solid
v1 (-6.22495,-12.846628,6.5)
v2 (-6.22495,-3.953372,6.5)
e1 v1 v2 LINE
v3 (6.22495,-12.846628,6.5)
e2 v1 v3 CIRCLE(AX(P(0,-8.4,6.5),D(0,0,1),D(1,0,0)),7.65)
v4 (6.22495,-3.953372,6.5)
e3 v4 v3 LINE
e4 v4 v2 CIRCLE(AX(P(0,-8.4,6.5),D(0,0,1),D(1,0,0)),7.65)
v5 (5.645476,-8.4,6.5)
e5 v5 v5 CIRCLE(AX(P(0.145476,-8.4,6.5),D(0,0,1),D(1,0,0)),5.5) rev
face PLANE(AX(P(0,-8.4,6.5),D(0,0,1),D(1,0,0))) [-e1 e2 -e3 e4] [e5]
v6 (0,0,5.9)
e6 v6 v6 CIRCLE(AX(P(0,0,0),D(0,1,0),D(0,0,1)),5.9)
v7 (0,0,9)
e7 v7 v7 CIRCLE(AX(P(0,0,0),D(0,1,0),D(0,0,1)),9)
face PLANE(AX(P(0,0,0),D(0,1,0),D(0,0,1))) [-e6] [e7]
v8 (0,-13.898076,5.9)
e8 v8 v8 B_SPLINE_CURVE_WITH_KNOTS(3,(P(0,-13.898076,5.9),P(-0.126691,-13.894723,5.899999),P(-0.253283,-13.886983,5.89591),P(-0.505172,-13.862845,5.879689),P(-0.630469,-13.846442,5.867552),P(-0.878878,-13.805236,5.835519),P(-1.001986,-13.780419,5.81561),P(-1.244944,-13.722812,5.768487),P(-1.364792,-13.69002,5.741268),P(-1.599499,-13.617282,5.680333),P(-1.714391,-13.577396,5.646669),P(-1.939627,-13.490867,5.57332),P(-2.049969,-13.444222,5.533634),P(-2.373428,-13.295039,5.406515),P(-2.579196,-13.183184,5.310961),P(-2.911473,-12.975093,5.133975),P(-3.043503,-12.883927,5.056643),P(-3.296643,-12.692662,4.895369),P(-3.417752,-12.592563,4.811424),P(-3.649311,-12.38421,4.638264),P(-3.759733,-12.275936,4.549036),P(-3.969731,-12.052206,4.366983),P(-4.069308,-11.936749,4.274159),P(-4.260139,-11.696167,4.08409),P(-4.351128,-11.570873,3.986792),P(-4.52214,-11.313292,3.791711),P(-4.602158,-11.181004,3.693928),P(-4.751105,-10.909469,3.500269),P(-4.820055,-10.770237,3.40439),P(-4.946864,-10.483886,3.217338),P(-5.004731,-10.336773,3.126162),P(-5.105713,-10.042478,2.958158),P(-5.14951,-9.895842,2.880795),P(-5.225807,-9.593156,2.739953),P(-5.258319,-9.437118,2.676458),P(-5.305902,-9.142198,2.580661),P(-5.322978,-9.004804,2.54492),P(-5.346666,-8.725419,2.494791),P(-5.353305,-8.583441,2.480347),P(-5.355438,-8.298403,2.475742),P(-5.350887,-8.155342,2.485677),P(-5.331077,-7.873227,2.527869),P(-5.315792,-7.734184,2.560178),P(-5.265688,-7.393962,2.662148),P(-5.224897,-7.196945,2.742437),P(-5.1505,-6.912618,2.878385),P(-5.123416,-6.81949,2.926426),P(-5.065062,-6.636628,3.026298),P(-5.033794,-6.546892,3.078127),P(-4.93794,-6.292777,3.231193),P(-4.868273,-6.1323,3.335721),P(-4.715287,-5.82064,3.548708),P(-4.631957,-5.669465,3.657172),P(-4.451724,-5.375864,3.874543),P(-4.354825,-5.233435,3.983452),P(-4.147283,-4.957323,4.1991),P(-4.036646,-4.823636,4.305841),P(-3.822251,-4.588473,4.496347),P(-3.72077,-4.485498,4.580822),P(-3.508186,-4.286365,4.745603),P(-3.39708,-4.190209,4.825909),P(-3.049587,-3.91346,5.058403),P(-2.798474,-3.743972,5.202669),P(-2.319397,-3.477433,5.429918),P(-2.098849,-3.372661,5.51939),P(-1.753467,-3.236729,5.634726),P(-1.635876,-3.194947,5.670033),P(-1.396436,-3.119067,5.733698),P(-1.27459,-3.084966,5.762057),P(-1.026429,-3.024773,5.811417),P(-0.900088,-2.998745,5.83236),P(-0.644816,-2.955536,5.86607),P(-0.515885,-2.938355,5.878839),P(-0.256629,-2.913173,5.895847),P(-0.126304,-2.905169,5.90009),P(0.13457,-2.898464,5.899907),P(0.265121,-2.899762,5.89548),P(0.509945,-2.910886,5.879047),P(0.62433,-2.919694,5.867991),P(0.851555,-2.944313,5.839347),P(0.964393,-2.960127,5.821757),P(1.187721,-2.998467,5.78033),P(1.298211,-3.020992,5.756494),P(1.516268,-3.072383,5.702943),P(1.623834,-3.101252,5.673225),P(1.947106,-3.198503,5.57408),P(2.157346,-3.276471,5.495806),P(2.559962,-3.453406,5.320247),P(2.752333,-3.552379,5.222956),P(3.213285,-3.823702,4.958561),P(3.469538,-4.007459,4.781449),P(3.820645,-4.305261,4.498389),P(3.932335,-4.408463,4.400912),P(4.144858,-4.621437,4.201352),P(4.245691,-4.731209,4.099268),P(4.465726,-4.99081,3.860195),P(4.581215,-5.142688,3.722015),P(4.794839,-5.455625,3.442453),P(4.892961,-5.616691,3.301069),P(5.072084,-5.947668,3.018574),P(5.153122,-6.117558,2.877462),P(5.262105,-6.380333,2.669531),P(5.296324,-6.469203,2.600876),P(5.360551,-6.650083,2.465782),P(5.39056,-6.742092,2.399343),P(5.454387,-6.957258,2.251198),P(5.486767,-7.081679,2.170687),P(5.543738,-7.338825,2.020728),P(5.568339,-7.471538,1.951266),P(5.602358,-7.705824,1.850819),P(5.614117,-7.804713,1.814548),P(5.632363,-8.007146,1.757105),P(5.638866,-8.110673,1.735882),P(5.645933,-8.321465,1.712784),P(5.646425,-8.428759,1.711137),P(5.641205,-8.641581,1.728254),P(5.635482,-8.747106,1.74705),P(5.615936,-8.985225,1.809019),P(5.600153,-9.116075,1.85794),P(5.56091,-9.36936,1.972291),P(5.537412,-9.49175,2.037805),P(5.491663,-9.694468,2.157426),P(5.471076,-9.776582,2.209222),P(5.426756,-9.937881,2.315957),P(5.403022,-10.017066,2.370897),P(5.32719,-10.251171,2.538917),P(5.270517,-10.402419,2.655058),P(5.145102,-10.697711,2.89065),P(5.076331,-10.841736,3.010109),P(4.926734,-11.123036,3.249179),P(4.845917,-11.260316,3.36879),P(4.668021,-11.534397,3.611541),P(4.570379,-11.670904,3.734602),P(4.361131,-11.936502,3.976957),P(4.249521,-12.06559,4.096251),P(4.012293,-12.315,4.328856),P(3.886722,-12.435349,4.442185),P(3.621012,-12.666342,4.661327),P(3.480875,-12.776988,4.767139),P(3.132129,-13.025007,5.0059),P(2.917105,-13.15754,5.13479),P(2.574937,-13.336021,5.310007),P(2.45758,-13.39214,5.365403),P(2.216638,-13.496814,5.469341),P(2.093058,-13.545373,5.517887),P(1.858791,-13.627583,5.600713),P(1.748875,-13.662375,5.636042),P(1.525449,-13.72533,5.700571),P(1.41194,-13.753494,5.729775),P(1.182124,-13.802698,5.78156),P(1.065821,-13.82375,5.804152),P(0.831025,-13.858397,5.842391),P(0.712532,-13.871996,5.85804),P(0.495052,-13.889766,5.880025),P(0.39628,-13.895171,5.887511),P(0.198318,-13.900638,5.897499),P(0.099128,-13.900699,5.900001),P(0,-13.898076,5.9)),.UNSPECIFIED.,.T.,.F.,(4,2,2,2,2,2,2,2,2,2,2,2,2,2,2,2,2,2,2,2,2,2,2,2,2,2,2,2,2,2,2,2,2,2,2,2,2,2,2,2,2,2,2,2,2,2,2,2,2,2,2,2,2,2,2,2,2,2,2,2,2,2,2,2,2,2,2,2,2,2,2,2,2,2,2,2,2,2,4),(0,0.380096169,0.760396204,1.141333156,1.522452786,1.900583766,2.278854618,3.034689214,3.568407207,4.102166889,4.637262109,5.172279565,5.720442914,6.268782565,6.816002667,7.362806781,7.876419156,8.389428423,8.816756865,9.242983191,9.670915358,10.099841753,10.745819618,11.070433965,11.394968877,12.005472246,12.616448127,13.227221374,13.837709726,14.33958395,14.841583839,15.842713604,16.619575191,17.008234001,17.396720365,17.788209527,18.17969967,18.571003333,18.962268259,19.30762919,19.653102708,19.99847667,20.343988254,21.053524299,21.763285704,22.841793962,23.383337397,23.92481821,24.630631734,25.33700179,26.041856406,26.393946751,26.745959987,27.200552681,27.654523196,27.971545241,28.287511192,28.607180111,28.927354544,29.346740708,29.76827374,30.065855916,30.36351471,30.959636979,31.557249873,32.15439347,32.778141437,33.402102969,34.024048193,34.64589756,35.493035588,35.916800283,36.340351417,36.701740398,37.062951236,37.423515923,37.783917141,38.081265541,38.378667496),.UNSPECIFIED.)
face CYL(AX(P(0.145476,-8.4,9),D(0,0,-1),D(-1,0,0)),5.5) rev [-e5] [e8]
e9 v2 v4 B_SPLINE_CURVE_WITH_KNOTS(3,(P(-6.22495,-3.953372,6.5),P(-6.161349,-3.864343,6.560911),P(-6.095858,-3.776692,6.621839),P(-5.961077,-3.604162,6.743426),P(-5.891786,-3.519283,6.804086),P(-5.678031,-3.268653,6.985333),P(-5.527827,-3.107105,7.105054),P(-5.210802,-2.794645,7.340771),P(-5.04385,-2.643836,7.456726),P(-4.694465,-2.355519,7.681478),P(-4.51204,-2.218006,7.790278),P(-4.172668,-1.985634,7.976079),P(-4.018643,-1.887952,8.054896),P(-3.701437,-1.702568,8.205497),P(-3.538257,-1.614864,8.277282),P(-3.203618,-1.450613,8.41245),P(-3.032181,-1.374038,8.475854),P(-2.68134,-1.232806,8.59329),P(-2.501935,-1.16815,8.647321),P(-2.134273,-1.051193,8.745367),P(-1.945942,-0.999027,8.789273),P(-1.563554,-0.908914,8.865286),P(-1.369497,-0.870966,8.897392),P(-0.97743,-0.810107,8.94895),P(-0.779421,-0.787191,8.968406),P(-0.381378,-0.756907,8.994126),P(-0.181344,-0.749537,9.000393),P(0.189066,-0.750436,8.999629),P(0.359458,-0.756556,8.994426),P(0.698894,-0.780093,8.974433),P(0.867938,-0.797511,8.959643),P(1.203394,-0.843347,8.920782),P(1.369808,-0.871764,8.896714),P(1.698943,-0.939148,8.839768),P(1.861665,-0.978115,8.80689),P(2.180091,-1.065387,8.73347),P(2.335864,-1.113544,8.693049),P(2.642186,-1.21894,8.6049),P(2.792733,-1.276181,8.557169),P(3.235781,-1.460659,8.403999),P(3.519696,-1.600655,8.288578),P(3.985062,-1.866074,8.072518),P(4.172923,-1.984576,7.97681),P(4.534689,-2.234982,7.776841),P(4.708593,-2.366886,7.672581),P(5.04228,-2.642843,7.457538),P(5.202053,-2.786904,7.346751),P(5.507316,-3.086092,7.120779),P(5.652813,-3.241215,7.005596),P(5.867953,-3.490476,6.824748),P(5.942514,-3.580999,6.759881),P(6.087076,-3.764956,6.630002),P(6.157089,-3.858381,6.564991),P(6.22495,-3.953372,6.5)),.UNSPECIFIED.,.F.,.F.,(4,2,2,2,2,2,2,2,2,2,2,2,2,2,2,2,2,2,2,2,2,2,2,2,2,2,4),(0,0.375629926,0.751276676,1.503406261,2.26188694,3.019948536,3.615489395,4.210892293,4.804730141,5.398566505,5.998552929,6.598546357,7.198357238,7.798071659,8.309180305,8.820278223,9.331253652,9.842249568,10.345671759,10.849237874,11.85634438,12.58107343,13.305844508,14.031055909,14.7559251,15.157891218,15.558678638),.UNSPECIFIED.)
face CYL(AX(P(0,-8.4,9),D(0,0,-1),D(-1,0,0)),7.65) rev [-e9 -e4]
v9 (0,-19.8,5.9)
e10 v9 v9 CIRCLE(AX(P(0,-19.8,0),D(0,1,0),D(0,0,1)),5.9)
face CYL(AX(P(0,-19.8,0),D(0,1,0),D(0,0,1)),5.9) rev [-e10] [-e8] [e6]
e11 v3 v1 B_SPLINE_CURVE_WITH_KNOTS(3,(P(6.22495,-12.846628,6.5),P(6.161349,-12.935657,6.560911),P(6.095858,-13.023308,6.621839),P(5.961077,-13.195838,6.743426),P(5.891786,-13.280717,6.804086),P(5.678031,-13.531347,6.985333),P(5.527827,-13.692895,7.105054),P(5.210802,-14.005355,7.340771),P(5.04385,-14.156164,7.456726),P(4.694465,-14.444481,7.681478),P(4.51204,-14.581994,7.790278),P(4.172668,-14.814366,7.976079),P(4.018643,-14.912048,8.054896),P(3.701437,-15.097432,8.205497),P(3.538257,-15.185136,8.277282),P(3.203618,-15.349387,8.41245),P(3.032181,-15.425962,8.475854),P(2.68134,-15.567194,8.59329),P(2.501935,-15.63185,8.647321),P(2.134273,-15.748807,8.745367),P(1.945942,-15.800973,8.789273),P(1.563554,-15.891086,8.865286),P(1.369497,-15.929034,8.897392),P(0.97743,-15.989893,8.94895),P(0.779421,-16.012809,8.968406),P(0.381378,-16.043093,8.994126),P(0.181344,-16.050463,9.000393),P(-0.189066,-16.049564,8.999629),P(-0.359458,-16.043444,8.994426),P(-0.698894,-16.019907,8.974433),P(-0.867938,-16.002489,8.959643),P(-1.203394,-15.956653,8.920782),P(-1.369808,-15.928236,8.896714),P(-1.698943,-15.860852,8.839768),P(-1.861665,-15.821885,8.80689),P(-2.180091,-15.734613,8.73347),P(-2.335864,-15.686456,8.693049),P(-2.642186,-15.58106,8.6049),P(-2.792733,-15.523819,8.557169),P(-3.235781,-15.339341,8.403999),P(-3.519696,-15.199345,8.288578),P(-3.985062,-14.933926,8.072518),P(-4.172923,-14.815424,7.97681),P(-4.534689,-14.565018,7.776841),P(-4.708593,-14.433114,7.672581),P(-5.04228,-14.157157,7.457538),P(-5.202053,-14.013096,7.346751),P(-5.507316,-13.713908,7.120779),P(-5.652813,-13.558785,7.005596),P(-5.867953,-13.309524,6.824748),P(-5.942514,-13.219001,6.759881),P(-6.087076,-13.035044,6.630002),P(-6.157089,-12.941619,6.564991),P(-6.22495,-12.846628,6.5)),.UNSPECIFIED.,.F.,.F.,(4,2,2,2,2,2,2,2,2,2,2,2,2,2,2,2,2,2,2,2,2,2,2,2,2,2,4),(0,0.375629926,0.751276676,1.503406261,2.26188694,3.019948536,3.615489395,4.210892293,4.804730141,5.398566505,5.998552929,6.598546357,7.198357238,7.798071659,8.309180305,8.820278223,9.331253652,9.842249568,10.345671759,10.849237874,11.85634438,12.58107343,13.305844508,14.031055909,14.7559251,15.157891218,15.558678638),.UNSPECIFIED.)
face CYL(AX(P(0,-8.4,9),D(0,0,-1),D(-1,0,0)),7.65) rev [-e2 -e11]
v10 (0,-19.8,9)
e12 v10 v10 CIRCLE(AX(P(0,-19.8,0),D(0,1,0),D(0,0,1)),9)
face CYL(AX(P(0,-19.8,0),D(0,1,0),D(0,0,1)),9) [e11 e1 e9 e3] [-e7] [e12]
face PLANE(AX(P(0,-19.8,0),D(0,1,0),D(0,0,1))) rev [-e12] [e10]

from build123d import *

# Parameters (mm, degrees)
SKETCH1_R               = 9
SKETCH1_R_2             = 5.9
BOSS_EXTRUDE1_DEPTH     = 19.8
CUT_EXTRUDE5_START      = 6.5
SKETCH3_R               = 7.65
CUT_EXTRUDE5_DEPTH      = 18.038054295
CUT_EXTRUDE6_DEPTH      = 27.707489752
CUT_EXTRUDE6_DEPTH_BACK = 7
SKETCH6_R               = 5.5


with BuildPart() as part:
    # Sketch1 → Boss-Extrude1 (new body)
    with BuildSketch(Plane(origin=(0, 0, 0), x_dir=(1, 0, 0), z_dir=(0, 1, 0))):
        with Locations(Location((0, 0, 0), (0, 0, 270))):
            Circle(SKETCH1_R)
        with Locations(Location((0, 0, 0), (0, 0, 270))):
            Circle(SKETCH1_R_2, mode=Mode.SUBTRACT)
    extrude(amount=-BOSS_EXTRUDE1_DEPTH)

    # Sketch3 → Cut-Extrude5 (cut, through all)
    with BuildSketch(Plane.XY.offset(CUT_EXTRUDE5_START)):
        with Locations((0, -8.4)):
            Circle(SKETCH3_R)
    extrude(amount=CUT_EXTRUDE5_DEPTH, mode=Mode.SUBTRACT)

    # Sketch6 → Cut-Extrude6 (cut, two sides: drawn at the far end of the back side and taken through both)
    with BuildSketch(Plane.XY.offset(6.5).offset(-CUT_EXTRUDE6_DEPTH_BACK)):
        with Locations(Location((0.145476138, -8.4, 0), (0, 0, 91.515662264))):
            Circle(SKETCH6_R)
    extrude(amount=CUT_EXTRUDE6_DEPTH + CUT_EXTRUDE6_DEPTH_BACK, mode=Mode.SUBTRACT)


solid = part.part
